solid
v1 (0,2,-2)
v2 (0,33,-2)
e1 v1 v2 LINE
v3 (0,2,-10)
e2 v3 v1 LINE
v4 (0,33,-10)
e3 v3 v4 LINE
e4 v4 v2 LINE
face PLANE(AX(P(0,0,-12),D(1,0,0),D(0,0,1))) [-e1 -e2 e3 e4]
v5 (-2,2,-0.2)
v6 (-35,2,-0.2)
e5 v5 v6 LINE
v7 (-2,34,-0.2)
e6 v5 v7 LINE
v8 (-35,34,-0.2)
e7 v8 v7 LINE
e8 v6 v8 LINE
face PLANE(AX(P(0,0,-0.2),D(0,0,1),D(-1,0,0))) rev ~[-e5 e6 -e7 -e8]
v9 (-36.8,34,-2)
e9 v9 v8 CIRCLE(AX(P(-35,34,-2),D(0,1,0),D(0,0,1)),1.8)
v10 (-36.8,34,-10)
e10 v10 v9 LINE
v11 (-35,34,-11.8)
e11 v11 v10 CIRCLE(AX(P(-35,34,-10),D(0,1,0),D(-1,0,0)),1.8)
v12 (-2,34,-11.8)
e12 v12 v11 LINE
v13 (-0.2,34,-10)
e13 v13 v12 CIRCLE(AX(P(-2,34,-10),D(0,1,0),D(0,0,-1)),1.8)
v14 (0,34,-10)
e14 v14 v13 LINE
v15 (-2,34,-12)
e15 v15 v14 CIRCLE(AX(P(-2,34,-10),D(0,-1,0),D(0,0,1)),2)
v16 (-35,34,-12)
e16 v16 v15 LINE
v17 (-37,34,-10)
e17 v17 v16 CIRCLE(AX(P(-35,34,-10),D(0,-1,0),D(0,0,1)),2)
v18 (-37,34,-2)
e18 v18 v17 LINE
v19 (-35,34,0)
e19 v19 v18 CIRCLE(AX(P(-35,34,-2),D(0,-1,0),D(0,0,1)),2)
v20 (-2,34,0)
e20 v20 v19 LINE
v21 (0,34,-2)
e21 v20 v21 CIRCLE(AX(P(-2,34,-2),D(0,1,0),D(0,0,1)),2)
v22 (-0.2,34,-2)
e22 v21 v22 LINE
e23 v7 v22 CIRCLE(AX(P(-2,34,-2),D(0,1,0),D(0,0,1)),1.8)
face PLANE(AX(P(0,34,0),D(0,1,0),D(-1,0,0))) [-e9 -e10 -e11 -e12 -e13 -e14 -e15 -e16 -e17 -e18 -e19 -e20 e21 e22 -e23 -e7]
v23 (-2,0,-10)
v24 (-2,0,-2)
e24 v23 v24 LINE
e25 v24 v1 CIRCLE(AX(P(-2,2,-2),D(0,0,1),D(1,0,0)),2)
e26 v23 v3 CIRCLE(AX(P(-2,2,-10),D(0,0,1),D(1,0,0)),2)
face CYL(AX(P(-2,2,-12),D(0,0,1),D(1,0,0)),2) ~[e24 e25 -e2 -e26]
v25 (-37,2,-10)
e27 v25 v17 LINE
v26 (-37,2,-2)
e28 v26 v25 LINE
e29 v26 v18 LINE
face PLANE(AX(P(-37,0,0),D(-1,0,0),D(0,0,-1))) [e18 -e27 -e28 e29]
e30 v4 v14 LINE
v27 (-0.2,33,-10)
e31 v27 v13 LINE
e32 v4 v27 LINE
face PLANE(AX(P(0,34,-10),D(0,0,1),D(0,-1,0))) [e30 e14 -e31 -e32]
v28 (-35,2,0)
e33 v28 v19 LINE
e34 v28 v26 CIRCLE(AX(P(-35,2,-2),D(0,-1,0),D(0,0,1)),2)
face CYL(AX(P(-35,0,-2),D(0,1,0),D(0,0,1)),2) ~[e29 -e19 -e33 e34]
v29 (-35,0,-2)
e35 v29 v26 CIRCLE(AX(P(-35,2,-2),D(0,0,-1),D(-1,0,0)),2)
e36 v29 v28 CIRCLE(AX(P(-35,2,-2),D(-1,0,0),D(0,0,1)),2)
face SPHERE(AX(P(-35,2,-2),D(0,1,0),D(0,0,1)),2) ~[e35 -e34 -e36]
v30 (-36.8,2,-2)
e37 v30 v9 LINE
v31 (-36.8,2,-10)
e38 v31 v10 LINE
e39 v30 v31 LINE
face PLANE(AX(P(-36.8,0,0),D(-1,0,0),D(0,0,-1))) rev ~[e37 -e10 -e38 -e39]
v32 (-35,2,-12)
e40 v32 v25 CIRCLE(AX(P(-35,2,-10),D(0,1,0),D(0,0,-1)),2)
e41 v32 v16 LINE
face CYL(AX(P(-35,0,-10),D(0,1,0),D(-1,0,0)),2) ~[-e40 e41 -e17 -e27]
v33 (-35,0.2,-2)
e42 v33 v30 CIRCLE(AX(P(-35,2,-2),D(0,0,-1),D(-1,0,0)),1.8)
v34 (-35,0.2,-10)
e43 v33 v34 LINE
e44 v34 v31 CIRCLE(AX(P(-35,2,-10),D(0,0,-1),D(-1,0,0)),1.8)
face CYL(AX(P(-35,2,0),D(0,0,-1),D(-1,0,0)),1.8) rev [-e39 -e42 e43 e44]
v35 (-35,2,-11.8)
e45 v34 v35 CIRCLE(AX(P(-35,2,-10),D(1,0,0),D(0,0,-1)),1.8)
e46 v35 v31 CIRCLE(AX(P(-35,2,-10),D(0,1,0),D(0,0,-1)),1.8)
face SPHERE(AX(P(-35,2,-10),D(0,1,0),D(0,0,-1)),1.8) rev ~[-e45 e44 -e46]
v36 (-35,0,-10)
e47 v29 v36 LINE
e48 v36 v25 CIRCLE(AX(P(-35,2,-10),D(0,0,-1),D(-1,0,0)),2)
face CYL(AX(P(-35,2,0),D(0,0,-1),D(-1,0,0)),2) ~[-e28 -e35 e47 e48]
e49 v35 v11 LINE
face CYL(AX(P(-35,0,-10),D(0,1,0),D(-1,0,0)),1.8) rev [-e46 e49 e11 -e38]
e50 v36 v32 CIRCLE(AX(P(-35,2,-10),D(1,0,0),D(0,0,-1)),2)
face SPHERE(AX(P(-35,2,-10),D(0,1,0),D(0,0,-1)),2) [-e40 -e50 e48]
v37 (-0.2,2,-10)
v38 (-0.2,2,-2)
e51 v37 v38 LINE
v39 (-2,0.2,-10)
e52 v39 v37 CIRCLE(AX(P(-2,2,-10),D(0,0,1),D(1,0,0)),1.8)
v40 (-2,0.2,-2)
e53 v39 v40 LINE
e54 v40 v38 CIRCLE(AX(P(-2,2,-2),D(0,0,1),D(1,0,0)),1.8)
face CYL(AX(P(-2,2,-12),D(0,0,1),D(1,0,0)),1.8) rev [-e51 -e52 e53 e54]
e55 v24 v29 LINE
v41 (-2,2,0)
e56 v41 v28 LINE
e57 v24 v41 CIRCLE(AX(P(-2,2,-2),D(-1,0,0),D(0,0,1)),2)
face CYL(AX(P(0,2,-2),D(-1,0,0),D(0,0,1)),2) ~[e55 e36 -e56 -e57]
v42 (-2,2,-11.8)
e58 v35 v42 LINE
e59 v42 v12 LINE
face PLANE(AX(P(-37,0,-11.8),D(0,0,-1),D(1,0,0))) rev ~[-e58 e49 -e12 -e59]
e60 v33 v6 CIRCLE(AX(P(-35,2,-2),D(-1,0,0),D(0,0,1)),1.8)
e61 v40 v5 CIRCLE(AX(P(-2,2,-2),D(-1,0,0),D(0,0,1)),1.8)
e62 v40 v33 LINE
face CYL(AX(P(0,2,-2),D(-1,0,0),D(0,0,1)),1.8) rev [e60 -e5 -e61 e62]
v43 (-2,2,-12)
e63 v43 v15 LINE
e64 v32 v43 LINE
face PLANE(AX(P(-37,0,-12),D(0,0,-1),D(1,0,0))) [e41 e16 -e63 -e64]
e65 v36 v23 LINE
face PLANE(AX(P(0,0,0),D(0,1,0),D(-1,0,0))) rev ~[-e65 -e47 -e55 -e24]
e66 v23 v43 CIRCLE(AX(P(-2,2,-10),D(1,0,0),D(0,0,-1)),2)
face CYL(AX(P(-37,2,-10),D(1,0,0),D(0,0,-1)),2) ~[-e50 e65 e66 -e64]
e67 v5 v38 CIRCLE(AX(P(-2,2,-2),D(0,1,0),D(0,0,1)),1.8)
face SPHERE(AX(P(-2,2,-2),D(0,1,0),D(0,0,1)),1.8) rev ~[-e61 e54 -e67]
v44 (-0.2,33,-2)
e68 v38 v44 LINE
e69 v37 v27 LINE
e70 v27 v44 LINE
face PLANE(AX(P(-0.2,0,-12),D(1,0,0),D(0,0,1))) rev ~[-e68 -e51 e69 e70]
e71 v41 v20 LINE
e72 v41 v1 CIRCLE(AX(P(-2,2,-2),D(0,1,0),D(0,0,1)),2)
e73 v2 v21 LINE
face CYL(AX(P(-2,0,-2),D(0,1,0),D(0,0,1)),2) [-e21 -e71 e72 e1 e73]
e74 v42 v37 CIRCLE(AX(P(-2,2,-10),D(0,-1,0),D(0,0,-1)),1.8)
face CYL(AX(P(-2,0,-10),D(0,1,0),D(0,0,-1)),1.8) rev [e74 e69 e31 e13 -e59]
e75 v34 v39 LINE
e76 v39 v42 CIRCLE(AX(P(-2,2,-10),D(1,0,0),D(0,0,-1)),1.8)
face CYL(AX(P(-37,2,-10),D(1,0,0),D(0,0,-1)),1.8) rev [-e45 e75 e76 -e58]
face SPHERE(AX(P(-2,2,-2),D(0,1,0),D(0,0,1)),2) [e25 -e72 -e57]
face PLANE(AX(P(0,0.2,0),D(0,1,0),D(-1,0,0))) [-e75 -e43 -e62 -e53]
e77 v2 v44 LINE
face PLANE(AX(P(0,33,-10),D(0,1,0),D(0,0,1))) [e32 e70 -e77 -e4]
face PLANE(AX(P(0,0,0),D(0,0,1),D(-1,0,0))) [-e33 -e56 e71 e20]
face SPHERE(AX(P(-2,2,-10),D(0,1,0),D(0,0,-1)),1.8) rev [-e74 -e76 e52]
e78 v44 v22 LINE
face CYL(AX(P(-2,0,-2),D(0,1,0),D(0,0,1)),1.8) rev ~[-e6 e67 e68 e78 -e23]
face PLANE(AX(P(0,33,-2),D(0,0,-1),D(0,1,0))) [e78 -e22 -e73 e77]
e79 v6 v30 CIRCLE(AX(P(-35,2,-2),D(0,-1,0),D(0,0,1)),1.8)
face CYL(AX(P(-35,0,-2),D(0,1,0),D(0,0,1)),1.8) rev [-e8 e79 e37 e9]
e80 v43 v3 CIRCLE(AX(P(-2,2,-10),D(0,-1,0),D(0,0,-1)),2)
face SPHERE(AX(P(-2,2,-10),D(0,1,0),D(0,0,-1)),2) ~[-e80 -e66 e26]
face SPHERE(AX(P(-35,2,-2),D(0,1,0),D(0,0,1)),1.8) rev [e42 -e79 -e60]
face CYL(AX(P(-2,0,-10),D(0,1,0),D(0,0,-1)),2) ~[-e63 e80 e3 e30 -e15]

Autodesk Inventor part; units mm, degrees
ref_plane "YZ Plane" through (0, 0, 0) normal (1, 0, 0) x (0, 1, 0)
ref_plane "XZ Plane" through (0, 0, 0) normal (0, 1, 0) x (-1, 0, 0)
ref_plane "XY Plane" through (0, 0, 0) normal (0, 0, 1) x (1, 0, 0)
sketch "Sketch1" plane through (0, 0, 0) normal (0, 1, 0) x (-1, 0, 0)
  line L0 (0, 0) -> (37, 0)
  line L1 (37, 0) -> (37, -12)
  line L2 (37, -12) -> (0, -12)
  line L3 (0, -12) -> (0, 0)
  dimension "d0" = 12
  dimension "d1" = 37
extrude "Extrusion1" add sketch "Sketch1" along normal blind 34
fillet "Fillet1" radius 2 8 edges at (0, 17, 0) (0, 17, -12) (-37, 17, 0) (-37, 17, -12) (-18.5, 0, 0) (-18.5, 0, -12) (0, 0, -6) (-37, 0, -6)
shell "Shell1" thickness 0.2 removed faces 1 at (-24, 34, -4)
sketch "Sketch2" plane through (0, 2, -10) normal (1, 0, 0) x (0, 0, -1)
  line L0 (0, 32) -> (-8, 32) projected
  line L1 (0, 32) -> (0, 0) projected
  line L2 (-8, 32) -> (0, 32)
  line L3 (0, 32) -> (0, 31)
  line L4 (0, 31) -> (-8, 31)
  line L5 (-8, 31) -> (-8, 32)
  point P0 (-10, -2)
  dimension "d6" = 1
extrude "Extrusion2" cut sketch "Sketch2" against normal blind 10
properties part number "Down_Case"
